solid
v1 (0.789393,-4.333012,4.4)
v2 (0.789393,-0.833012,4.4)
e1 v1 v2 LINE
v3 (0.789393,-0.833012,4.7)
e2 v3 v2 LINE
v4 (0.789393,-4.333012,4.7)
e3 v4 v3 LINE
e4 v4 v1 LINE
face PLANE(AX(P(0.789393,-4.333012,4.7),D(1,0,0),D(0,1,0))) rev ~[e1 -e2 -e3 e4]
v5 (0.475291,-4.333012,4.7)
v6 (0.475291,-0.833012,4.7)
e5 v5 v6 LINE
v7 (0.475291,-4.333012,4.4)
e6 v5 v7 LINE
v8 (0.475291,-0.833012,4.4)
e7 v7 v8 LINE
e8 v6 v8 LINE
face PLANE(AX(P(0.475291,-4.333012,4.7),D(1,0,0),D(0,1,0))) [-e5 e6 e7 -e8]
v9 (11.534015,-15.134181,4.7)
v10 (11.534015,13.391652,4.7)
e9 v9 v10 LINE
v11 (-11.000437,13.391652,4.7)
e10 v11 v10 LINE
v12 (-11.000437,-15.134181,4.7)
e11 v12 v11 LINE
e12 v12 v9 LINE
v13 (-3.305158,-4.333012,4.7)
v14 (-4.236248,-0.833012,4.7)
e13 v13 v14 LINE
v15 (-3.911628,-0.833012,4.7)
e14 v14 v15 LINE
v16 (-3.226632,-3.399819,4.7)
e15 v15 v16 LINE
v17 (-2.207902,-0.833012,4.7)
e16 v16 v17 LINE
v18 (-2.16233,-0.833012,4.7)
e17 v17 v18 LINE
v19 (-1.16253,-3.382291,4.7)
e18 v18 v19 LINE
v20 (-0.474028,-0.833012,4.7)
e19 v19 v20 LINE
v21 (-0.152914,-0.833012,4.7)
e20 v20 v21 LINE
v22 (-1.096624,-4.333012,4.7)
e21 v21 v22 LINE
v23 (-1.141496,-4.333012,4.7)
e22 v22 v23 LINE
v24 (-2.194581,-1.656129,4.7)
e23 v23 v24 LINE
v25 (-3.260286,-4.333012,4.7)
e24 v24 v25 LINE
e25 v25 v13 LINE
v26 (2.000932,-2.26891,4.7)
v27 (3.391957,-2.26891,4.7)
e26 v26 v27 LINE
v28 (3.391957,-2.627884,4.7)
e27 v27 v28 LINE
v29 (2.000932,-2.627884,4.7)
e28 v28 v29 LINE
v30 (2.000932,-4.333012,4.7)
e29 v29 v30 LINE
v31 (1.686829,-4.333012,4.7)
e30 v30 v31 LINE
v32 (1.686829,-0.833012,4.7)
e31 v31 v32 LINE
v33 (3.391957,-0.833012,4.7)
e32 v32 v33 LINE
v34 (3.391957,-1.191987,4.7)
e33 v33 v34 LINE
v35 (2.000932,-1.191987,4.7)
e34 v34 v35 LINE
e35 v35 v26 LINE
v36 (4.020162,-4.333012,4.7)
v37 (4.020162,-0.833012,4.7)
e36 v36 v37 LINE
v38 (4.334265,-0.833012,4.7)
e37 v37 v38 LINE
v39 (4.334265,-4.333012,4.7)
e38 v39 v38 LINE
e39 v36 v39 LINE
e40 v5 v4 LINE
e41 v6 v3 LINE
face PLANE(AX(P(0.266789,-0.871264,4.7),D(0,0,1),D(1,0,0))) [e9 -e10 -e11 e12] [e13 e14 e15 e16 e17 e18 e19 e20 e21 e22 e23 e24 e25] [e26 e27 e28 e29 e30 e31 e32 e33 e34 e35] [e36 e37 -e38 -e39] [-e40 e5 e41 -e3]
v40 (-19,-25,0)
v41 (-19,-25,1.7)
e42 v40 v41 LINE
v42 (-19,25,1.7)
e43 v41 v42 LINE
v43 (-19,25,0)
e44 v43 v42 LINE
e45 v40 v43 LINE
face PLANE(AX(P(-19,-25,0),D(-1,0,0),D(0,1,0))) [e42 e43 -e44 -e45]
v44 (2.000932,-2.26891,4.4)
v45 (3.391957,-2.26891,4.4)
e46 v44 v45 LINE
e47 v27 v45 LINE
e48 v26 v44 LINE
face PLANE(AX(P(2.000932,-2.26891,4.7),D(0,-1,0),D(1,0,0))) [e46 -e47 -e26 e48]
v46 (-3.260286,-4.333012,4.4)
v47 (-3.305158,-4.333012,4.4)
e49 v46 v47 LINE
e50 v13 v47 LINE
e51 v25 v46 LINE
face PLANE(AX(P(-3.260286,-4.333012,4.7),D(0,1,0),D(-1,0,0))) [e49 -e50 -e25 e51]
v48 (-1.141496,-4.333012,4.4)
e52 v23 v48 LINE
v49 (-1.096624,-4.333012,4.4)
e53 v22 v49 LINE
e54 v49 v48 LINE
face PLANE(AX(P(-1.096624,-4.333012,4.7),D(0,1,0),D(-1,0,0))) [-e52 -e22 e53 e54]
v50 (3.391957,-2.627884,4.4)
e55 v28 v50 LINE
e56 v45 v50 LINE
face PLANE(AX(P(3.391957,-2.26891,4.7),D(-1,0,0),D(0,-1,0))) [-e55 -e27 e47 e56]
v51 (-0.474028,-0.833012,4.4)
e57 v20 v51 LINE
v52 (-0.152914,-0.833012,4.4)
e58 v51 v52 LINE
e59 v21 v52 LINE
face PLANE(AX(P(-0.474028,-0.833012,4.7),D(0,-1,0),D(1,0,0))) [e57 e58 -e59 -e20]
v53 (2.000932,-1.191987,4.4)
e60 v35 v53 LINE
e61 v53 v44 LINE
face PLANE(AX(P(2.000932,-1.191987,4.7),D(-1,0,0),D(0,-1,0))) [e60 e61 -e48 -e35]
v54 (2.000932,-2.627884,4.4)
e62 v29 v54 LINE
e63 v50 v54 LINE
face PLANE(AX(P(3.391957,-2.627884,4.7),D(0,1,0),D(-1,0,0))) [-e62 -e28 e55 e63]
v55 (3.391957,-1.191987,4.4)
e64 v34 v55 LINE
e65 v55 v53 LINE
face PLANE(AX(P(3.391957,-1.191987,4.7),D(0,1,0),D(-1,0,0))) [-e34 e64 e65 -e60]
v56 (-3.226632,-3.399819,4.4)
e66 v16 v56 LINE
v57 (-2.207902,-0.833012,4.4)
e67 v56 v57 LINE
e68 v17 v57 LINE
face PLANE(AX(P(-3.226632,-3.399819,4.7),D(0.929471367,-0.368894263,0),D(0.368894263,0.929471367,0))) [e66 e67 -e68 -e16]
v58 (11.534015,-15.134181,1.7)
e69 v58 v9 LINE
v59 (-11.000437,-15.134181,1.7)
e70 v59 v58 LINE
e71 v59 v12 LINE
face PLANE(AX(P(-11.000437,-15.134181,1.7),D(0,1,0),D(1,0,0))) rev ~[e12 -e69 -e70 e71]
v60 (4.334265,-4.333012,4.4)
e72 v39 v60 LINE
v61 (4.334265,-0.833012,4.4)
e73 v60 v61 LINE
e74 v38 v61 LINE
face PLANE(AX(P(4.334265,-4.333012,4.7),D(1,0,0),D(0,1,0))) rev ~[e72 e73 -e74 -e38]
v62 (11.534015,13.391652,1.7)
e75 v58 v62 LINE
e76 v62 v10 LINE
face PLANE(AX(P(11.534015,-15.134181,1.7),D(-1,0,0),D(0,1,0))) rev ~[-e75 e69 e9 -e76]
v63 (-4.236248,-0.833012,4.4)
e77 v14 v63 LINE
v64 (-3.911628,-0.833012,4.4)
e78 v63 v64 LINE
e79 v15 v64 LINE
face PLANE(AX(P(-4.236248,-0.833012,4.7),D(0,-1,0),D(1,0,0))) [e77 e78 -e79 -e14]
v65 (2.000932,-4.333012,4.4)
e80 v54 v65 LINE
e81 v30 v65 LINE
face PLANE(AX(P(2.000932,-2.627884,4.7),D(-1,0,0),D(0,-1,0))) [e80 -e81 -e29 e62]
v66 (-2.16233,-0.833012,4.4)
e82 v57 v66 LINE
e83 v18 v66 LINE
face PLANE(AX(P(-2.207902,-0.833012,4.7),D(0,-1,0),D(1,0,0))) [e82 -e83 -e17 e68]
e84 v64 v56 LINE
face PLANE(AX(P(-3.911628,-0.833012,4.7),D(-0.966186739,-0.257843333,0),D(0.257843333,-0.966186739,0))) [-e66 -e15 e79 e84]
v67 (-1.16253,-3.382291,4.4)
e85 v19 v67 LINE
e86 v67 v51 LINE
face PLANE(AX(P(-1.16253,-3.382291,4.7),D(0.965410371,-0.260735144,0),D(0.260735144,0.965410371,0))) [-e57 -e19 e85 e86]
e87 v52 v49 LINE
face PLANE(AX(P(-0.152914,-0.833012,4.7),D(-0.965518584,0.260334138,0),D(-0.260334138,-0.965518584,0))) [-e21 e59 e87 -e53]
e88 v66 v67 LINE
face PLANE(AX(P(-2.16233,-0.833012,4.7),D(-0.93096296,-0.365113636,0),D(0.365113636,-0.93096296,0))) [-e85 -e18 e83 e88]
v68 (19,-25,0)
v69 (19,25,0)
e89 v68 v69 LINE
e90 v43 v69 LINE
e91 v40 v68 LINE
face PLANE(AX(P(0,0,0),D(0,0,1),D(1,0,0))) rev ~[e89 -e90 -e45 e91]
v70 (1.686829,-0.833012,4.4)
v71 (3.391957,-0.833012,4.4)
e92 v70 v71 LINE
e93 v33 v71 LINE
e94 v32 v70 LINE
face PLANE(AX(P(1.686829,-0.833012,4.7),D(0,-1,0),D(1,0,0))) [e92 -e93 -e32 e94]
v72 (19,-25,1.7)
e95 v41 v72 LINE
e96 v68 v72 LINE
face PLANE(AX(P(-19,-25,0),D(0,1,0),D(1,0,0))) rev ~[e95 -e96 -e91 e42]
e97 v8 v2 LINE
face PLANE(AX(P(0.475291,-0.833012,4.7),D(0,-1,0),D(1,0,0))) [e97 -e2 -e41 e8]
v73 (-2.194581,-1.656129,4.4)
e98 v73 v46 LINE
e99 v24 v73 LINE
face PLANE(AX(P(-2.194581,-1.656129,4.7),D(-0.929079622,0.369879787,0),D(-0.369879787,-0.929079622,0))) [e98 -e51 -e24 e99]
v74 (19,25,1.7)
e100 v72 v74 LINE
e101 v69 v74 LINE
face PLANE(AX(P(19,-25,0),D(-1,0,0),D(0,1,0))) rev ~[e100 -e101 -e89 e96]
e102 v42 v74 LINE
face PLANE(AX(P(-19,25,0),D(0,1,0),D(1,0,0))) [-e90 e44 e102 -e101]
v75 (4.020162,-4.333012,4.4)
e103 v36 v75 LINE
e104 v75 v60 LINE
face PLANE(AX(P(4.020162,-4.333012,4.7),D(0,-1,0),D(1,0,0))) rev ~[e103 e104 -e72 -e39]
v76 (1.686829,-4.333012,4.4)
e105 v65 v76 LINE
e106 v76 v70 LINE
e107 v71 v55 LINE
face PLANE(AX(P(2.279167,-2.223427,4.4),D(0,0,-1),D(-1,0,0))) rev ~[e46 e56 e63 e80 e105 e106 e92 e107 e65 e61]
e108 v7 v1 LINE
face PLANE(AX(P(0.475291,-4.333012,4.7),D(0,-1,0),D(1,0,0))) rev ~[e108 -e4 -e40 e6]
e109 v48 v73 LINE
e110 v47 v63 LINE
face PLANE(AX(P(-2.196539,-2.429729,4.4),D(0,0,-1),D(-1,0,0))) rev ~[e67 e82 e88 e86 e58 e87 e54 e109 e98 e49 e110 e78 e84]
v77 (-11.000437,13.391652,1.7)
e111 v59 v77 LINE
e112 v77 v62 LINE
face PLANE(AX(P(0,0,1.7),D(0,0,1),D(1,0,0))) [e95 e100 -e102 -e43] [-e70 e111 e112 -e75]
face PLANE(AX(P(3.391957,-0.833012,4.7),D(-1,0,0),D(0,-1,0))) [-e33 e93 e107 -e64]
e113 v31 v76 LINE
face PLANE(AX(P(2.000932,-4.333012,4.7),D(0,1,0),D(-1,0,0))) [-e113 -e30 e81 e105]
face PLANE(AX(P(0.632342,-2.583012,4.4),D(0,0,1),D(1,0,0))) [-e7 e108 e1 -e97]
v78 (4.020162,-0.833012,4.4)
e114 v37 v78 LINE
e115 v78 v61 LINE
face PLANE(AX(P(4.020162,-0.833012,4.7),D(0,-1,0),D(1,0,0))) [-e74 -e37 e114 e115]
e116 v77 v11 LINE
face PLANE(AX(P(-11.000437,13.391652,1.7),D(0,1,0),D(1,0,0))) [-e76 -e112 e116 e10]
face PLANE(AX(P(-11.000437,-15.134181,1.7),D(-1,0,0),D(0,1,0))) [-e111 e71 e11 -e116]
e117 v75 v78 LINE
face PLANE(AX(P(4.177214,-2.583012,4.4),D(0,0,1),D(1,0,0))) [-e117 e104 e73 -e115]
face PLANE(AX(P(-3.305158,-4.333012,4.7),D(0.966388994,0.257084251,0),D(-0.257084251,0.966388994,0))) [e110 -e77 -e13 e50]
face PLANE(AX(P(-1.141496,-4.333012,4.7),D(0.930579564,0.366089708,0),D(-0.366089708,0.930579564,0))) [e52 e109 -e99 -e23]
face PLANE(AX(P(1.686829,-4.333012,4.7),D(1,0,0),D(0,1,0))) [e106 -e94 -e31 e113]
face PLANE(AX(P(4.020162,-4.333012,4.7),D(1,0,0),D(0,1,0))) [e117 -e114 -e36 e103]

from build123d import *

# Parameters (mm, degrees)
SKETCH1_W           = 38
SKETCH1_H           = 50
BOSS_EXTRUDE1_DEPTH = 1.7
SKETCH3_W           = 22.534452401
SKETCH3_H           = 28.525832834
BOSS_EXTRUDE2_DEPTH = 3
SKETCH4_W           = 0.314102564
SKETCH4_H           = 3.5
CUT_EXTRUDE2_DEPTH  = 0.3


with BuildPart() as part:
    # Sketch1 → Boss-Extrude1 (new body)
    with BuildSketch(Plane.XY):
        Rectangle(SKETCH1_W, SKETCH1_H)
    extrude(amount=BOSS_EXTRUDE1_DEPTH)

    # Sketch3 → Boss-Extrude2 (add)
    with BuildSketch(Plane.XY.offset(1.7)):
        with Locations((0.266789104, -0.871264125)):
            Rectangle(SKETCH3_W, SKETCH3_H)
    extrude(amount=BOSS_EXTRUDE2_DEPTH)

    # Sketch4 → Cut-Extrude2 (cut)
    with BuildSketch(Plane.XY.offset(4.7)):
        Polygon((-4.236247821, -0.83301235), (-3.91162843, -0.83301235), (-3.226632437, -3.399819241), (-2.207902469, -0.83301235), (-2.162329552, -0.83301235), (-1.162529873, -3.382291197), (-0.47402827, -0.83301235), (-0.152914488, -0.83301235), (-1.096624424, -4.33301235), (-1.141496219, -4.33301235), (-2.194581155, -1.656129338), (-3.260286283, -4.33301235), (-3.305158078, -4.33301235), align=None)
        with Locations((0.632341922, -2.58301235)):
            Rectangle(SKETCH4_W, SKETCH4_H)
        Polygon((1.686829102, -0.83301235), (3.391957307, -0.83301235), (3.391957307, -1.191986709), (2.000931666, -1.191986709), (2.000931666, -2.268909786), (3.391957307, -2.268909786), (3.391957307, -2.627884145), (2.000931666, -2.627884145), (2.000931666, -4.33301235), (1.686829102, -4.33301235), align=None)
        with Locations((4.177213717, -2.58301235)):
            Rectangle(SKETCH4_W, SKETCH4_H)
    extrude(amount=-CUT_EXTRUDE2_DEPTH, mode=Mode.SUBTRACT)


solid = part.part
